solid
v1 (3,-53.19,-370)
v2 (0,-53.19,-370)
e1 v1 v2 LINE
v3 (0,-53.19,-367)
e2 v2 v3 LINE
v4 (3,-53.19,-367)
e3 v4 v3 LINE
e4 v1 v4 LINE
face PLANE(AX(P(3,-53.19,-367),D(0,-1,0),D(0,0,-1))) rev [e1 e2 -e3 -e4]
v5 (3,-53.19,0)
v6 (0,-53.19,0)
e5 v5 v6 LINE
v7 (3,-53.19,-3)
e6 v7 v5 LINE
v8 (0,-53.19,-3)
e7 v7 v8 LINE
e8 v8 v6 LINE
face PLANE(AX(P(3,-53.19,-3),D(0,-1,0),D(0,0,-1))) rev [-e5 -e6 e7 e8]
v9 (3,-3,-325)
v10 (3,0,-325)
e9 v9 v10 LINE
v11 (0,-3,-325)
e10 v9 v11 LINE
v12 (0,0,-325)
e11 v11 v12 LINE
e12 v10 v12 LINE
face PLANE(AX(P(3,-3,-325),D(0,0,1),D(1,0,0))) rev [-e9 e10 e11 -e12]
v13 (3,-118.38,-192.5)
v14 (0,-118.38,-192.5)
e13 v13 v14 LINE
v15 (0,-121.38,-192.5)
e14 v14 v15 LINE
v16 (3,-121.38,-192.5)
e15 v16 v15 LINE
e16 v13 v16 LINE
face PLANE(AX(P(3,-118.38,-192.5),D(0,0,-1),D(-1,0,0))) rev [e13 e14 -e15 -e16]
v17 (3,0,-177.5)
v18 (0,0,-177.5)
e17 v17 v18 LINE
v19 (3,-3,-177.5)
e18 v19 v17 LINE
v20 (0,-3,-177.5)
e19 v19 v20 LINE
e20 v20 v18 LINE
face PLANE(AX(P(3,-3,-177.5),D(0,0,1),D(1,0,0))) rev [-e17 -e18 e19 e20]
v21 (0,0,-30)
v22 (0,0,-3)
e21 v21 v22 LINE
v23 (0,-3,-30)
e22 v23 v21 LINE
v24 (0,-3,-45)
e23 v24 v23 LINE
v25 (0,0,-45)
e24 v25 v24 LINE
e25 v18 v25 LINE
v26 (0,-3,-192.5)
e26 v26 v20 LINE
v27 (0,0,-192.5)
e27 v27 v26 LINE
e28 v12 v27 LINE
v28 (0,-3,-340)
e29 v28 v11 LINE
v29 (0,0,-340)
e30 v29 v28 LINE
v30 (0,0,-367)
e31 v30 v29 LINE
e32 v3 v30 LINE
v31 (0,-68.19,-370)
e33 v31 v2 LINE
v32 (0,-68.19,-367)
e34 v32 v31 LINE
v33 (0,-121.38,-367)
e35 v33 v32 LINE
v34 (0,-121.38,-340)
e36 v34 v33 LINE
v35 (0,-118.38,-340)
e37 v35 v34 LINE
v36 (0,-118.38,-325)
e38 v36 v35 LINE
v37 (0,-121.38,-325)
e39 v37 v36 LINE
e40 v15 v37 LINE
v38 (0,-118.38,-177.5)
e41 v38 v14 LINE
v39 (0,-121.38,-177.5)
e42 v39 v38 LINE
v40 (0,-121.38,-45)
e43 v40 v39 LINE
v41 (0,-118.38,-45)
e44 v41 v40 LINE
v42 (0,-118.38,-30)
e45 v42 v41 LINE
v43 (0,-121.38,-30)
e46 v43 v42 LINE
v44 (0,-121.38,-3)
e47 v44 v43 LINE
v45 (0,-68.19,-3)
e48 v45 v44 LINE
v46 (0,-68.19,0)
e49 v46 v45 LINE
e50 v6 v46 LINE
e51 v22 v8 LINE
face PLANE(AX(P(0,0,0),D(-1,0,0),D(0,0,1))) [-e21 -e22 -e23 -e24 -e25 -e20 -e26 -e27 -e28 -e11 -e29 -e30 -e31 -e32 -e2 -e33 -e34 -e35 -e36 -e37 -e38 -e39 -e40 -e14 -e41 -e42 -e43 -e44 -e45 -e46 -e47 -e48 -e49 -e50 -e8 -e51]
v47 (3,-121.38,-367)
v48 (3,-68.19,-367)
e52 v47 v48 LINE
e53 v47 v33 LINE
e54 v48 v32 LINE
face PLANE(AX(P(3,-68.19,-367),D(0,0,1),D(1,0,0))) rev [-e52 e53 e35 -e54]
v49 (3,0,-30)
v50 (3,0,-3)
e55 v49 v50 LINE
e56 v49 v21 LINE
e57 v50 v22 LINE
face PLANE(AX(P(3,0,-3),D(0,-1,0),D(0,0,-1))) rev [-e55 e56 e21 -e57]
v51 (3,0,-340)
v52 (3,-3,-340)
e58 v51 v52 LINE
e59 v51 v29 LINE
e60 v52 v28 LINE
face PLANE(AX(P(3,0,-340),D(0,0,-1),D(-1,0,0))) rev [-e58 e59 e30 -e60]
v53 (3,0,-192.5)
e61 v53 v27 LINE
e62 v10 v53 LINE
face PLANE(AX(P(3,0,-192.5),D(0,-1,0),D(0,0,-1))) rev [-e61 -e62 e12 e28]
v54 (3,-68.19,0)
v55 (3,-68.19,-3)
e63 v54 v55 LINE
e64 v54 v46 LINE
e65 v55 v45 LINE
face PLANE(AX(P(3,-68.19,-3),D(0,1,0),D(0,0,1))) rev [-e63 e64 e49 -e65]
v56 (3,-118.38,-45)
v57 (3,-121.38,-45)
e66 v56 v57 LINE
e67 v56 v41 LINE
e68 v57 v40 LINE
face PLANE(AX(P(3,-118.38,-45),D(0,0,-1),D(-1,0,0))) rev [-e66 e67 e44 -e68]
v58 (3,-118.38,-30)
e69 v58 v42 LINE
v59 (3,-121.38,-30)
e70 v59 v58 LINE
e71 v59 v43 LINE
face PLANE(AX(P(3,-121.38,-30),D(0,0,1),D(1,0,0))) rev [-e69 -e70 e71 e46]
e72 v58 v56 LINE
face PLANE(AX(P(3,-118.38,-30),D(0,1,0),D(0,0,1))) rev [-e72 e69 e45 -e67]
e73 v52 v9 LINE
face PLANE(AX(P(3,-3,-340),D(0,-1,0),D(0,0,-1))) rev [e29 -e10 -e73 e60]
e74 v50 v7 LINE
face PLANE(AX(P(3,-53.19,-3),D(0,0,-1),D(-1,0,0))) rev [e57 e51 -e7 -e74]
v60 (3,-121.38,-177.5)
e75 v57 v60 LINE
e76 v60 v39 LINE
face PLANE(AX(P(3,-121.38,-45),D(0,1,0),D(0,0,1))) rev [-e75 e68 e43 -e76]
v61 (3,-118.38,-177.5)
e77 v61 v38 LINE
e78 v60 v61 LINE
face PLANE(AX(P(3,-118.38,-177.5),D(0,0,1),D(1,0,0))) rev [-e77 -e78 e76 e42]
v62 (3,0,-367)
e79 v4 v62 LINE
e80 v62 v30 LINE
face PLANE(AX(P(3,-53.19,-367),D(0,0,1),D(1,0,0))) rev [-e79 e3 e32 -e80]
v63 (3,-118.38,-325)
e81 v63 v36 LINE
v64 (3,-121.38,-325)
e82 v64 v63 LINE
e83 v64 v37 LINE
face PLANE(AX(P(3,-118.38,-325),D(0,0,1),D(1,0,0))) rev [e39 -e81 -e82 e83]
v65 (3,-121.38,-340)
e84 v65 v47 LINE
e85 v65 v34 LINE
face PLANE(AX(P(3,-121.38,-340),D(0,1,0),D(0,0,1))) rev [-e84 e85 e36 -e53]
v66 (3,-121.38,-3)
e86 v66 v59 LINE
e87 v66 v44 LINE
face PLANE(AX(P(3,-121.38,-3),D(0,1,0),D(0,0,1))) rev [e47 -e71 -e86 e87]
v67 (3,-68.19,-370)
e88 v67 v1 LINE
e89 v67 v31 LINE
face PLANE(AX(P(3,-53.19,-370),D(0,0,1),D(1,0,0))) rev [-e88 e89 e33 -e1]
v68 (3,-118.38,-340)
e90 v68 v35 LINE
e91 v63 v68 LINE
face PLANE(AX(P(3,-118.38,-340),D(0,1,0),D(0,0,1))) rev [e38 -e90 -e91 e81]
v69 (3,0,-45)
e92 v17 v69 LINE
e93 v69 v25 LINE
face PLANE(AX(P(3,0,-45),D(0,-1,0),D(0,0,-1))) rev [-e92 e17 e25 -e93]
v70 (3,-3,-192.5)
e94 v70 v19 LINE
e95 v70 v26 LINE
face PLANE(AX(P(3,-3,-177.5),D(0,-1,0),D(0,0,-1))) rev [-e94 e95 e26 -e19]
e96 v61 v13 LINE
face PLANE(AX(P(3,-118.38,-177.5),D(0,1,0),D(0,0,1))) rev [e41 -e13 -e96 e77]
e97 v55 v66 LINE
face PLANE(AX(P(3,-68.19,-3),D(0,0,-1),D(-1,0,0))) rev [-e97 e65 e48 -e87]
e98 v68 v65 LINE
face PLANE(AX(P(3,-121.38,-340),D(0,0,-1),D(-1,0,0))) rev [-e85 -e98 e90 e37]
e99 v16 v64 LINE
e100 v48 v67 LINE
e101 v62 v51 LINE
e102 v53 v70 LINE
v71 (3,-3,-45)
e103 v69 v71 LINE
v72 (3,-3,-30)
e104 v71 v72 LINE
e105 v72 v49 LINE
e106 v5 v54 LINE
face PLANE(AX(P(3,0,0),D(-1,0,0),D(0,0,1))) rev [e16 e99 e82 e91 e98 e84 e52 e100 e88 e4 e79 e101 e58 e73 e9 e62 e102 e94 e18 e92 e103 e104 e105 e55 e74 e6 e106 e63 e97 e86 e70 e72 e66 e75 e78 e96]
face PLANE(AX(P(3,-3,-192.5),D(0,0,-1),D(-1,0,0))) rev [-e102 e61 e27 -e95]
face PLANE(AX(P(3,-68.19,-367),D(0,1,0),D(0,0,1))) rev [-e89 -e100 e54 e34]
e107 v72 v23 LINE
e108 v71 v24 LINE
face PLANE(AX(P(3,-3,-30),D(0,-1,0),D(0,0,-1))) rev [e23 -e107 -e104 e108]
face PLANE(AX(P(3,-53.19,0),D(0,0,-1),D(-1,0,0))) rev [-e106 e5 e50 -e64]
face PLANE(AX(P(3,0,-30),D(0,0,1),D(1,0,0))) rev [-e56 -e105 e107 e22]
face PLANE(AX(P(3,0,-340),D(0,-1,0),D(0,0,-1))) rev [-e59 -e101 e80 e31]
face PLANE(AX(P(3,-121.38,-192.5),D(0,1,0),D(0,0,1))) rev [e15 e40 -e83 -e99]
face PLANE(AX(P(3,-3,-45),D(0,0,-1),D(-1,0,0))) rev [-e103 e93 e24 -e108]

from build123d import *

# Parameters (mm, degrees)
BOSS_EXTRUDE1_DEPTH = 3


with BuildPart() as part:
    # Sketch1 → Boss-Extrude1 (new body)
    with BuildSketch(Plane(origin=(0, 0, 0), x_dir=(0, 0, -1), z_dir=(1, 0, 0))):
        Polygon((177.5, -3), (192.5, -3), (192.5, 0), (325, 0), (325, -3), (340, -3), (340, 0), (367, 0), (367, -53.19), (370, -53.19), (370, -68.19), (367, -68.19), (367, -121.38), (340, -121.38), (340, -118.38), (325, -118.38), (325, -121.38), (192.5, -121.38), (192.5, -118.38), (177.5, -118.38), (177.5, -121.38), (45, -121.38), (45, -118.38), (30, -118.38), (30, -121.38), (3, -121.38), (3, -68.19), (0, -68.19), (0, -53.19), (3, -53.19), (3, 0), (30, 0), (30, -3), (45, -3), (45, 0), (177.5, 0), align=None)
    extrude(amount=BOSS_EXTRUDE1_DEPTH)


solid = part.part
